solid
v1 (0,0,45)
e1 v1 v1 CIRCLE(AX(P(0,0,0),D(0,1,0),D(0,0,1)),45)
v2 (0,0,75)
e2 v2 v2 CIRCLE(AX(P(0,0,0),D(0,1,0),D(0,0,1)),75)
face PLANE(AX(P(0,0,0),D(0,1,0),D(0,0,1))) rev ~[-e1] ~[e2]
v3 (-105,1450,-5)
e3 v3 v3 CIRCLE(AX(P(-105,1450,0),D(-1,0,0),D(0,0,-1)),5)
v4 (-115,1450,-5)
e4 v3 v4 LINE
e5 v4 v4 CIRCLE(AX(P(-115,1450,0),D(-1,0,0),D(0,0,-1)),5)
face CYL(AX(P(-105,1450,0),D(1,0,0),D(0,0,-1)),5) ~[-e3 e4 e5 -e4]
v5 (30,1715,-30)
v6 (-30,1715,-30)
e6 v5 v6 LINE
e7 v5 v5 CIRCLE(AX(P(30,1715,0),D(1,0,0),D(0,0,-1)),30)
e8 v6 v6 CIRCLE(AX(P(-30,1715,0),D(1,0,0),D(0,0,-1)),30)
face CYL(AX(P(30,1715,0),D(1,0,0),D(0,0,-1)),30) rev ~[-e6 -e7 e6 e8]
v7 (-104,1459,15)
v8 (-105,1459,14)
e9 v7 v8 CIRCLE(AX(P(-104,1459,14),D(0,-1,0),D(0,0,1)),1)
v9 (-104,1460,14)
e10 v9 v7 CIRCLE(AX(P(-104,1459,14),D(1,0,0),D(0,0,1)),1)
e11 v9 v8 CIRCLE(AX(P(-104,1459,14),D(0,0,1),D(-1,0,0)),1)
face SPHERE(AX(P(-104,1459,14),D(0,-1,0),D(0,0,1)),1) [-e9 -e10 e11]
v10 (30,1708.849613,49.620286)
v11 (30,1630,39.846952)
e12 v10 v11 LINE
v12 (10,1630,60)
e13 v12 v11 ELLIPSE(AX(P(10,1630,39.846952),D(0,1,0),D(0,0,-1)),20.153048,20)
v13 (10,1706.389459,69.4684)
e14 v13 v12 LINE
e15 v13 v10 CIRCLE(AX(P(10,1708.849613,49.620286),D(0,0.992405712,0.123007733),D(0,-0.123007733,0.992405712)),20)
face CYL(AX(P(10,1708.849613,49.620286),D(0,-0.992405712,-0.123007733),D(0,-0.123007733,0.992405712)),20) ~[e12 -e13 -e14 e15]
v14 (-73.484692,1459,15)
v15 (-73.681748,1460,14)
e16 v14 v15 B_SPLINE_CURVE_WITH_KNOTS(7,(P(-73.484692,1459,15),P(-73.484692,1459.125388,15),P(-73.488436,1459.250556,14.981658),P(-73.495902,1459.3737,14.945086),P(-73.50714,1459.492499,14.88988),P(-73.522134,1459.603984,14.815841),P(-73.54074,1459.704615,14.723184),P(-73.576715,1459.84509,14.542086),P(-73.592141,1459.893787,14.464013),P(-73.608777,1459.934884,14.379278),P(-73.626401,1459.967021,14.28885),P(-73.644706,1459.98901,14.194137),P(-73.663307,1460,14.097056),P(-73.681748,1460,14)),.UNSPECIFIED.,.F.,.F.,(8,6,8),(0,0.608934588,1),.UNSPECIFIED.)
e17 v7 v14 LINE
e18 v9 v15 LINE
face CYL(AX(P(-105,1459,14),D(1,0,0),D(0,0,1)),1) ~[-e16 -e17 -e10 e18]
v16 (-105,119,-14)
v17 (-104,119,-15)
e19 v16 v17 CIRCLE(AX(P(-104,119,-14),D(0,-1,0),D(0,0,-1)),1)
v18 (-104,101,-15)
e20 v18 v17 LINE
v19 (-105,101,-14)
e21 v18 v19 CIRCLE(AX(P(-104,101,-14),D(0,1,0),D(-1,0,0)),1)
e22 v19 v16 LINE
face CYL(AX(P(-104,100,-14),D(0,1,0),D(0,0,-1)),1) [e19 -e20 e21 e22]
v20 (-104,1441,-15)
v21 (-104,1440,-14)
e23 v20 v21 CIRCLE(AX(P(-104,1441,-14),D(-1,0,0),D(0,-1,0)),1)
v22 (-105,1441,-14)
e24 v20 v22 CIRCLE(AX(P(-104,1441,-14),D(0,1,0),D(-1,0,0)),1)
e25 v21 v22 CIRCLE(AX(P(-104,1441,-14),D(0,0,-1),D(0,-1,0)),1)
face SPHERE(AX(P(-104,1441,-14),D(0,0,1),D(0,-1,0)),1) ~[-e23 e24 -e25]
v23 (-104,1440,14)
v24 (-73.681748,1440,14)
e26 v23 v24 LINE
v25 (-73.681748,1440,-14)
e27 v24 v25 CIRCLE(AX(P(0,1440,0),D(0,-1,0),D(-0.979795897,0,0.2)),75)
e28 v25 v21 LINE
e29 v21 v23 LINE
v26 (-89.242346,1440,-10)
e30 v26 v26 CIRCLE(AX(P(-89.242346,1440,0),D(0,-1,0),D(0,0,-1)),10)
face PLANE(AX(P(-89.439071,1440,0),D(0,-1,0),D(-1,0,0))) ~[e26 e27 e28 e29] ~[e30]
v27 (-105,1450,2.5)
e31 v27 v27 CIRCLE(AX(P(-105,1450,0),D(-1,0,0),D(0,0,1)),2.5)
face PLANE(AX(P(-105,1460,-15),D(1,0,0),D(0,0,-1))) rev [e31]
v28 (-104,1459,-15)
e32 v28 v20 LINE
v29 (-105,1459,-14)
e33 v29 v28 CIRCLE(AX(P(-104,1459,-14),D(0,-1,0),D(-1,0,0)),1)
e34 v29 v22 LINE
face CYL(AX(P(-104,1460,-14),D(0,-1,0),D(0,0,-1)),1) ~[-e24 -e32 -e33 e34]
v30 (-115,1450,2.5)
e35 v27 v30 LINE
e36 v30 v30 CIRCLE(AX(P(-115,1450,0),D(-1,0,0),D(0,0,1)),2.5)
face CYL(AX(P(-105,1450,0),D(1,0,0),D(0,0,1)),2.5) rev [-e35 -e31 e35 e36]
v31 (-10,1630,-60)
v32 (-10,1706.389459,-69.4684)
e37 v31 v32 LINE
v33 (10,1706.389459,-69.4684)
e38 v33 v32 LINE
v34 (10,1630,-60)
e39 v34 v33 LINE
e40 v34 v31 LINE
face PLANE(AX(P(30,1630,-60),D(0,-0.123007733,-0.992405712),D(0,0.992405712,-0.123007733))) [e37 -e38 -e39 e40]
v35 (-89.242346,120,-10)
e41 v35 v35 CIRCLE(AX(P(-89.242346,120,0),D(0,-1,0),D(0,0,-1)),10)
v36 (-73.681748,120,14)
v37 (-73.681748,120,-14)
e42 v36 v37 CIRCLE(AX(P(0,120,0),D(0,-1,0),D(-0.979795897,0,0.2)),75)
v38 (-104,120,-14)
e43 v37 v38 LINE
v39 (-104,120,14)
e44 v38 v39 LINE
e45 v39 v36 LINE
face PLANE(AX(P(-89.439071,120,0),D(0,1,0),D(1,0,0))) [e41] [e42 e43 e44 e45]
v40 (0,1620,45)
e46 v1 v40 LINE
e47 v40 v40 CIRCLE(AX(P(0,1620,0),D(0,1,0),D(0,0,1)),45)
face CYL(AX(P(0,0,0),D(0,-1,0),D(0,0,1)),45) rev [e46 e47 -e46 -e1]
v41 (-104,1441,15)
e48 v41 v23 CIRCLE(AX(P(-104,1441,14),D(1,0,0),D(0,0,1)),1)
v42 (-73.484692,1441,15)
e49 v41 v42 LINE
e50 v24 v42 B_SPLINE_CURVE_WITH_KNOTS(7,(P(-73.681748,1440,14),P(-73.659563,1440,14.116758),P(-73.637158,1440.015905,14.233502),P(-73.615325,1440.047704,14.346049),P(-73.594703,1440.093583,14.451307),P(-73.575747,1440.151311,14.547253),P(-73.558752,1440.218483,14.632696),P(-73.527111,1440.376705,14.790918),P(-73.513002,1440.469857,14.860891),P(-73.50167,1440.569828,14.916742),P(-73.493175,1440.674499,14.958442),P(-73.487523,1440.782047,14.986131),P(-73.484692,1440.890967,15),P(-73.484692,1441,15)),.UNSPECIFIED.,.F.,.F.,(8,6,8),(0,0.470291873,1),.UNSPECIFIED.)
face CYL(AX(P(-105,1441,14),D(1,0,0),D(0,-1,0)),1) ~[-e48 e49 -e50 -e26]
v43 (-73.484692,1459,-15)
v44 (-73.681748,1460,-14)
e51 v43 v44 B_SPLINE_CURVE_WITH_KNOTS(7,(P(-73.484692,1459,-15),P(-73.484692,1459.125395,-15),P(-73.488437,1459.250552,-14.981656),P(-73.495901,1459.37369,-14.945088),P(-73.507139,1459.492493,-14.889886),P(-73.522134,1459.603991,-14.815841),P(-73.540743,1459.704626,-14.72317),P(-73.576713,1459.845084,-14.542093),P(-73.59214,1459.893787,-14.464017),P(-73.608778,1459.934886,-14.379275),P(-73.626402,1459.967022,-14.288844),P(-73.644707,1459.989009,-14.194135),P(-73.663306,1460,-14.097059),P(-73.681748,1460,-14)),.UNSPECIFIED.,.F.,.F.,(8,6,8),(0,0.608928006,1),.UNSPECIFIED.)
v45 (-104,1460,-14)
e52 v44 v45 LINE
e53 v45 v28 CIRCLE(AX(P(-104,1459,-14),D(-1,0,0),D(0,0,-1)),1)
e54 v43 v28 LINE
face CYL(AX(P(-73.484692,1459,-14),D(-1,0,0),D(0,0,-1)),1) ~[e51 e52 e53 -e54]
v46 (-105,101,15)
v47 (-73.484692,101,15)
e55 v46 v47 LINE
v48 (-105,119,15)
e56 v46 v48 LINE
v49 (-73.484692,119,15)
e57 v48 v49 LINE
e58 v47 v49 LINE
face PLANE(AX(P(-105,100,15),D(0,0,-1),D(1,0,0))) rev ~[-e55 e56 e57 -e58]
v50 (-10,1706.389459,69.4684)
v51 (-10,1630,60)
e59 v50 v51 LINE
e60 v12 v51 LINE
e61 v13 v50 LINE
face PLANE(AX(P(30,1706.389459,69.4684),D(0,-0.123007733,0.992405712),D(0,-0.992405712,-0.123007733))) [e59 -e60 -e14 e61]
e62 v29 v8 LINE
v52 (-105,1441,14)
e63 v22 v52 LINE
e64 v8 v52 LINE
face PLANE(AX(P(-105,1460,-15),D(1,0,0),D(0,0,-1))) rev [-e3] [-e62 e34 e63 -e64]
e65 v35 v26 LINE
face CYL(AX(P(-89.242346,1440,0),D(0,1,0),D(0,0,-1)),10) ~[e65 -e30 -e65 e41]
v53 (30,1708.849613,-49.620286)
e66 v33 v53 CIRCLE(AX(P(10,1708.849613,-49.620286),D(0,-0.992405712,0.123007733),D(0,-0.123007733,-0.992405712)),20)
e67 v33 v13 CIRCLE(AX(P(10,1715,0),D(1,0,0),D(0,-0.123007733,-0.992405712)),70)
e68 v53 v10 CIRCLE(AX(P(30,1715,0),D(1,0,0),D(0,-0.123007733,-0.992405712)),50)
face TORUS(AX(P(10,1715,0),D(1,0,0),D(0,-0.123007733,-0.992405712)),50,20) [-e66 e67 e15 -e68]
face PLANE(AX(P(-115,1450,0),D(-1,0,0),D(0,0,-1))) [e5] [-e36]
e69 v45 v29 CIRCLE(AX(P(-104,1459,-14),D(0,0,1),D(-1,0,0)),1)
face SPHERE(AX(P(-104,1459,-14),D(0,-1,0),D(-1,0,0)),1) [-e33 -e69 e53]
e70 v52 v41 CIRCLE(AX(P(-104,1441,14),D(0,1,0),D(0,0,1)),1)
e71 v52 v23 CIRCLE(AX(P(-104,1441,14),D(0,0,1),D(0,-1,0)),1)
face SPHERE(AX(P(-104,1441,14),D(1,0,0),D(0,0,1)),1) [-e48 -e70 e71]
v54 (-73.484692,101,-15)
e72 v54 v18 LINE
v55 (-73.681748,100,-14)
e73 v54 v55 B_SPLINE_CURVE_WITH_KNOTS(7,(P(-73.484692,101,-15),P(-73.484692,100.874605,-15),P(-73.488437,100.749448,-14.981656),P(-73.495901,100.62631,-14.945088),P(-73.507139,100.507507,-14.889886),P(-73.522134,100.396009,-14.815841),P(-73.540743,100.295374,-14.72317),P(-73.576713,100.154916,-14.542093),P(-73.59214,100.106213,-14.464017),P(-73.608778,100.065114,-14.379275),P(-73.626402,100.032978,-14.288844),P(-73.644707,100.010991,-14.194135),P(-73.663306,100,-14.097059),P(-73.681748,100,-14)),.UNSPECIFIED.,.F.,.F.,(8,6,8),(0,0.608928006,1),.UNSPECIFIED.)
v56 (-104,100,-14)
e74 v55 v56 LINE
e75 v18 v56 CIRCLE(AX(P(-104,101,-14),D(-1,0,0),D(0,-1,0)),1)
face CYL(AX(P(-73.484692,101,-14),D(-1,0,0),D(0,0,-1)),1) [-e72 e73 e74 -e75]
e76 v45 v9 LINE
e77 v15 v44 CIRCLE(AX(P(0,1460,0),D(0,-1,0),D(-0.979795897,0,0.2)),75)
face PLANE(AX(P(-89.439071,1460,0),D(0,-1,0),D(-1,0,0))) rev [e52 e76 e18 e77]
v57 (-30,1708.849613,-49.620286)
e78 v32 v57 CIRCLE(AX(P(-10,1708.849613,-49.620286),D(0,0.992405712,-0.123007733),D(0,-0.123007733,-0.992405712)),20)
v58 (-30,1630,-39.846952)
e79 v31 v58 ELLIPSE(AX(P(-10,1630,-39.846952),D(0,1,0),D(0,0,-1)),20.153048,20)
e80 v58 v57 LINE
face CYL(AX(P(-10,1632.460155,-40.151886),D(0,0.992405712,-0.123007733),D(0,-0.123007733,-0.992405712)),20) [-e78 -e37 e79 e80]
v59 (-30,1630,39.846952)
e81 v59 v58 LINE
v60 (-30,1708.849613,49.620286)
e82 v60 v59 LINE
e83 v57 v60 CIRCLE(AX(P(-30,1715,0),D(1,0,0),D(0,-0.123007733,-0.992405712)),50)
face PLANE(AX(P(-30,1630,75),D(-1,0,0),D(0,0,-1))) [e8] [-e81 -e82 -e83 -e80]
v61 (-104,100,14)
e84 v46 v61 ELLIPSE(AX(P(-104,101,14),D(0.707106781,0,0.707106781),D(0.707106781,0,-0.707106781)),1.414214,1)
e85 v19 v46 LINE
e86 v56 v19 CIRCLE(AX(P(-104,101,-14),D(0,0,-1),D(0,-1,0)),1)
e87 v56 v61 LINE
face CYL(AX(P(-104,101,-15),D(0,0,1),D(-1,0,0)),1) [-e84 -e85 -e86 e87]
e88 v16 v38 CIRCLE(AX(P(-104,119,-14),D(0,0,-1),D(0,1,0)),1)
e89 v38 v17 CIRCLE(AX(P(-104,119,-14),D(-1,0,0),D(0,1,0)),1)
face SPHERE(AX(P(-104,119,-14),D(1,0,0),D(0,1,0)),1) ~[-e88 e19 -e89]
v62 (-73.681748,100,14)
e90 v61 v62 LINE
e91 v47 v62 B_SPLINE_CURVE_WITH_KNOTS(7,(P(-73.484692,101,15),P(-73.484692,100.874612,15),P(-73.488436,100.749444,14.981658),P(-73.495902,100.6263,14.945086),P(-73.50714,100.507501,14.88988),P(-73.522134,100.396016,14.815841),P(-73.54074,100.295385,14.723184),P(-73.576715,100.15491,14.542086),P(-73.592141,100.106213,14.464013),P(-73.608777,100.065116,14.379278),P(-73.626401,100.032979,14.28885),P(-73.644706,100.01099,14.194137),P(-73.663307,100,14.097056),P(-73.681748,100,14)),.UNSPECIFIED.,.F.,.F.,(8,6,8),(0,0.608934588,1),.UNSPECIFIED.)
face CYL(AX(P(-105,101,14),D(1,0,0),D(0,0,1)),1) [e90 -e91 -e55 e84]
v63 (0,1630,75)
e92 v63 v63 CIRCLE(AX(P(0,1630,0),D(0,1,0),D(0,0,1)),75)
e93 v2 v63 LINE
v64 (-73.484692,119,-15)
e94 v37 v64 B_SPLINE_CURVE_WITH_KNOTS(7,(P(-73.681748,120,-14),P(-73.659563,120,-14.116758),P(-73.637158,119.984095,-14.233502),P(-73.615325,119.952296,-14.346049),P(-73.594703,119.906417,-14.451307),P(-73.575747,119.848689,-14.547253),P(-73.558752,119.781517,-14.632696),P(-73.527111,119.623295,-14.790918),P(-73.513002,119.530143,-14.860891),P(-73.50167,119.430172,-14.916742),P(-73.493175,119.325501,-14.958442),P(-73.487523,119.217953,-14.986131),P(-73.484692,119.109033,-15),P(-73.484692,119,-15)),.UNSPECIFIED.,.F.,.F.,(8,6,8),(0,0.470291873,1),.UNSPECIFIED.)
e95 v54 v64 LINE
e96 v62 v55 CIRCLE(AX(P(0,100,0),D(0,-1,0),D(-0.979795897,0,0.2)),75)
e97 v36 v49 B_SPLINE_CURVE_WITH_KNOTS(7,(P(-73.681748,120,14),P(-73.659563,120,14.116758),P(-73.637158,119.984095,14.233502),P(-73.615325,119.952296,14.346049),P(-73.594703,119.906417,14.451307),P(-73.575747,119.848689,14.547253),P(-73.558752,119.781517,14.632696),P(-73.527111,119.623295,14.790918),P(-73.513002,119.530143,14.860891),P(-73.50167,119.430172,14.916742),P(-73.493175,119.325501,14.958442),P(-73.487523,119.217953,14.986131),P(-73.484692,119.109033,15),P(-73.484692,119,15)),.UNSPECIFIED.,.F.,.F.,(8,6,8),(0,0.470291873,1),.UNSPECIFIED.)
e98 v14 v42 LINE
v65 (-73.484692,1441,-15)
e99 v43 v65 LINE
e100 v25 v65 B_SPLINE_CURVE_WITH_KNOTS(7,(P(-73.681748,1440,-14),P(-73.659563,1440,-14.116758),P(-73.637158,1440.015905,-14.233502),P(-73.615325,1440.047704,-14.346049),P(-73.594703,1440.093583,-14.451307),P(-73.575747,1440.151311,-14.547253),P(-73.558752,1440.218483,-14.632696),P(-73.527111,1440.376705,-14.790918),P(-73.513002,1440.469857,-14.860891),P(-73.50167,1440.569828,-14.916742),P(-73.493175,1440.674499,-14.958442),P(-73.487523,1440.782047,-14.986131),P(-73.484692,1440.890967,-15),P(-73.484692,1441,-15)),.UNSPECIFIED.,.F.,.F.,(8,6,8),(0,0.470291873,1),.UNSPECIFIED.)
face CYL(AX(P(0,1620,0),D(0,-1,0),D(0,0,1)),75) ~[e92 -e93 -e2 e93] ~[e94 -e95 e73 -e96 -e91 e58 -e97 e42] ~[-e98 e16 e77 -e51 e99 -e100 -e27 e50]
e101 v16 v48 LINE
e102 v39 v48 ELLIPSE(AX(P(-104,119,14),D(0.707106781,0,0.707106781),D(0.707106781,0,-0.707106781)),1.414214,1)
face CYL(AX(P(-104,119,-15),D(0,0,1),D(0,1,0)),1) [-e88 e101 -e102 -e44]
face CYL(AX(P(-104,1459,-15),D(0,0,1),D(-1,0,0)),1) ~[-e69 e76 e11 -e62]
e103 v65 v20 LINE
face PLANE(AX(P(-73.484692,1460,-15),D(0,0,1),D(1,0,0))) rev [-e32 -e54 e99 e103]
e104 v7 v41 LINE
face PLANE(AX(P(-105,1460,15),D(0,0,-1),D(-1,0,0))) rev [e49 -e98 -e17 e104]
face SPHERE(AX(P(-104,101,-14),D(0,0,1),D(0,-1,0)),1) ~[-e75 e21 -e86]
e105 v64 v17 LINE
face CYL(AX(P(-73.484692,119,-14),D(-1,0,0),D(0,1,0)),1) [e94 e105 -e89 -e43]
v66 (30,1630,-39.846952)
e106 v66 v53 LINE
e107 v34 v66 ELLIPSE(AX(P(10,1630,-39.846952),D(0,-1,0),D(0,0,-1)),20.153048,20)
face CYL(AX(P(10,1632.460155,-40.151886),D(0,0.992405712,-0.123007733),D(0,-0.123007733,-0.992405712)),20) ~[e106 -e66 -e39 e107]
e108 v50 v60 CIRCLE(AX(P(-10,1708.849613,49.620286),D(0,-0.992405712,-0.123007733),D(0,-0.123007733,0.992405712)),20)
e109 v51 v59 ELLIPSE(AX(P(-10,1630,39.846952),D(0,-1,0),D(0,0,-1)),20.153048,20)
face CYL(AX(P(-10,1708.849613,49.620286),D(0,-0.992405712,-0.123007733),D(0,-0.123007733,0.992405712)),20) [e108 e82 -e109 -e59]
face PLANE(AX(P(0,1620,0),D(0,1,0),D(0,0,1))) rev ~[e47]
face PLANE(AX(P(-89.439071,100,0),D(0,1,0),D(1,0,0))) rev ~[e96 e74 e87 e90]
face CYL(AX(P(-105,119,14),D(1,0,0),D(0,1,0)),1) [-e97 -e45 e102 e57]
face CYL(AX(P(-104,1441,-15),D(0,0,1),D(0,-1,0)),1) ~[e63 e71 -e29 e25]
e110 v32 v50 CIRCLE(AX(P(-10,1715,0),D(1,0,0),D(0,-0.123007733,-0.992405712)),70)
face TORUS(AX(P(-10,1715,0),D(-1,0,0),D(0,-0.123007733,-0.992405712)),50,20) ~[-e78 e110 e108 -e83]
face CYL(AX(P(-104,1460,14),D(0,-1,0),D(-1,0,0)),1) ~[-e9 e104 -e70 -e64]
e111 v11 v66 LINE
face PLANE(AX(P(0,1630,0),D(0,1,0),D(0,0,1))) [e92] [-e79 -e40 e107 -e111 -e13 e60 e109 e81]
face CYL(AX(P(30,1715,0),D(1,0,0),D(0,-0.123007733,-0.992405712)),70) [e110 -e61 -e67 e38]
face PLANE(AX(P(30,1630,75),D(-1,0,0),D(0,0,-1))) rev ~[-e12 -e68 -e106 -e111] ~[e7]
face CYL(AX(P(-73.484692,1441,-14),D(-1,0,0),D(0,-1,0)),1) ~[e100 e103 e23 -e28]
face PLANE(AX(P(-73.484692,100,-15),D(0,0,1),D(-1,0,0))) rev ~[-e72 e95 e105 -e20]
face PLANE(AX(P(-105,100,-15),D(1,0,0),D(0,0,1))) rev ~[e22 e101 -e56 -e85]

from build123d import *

# Parameters (mm, degrees)
SKETCH_1_R          = 75
SKETCH_1_R_2        = 45
EXTRUDE_1_DEPTH     = 1620
SKETCH_2_R          = 75
EXTRUDE_2_DEPTH     = 10
SKETCH_3_W          = 60
SKETCH_3_H          = 150
EXTRUDE_3_DEPTH     = 200
SKETCH_4_R          = 30
CUT_EXTRUDE_1_DEPTH = 1835.543539958
FILLET_1_R          = 20
EXTRUDE_4_DEPTH     = 20
SKETCH_6_R          = 10
EXTRUDE_5_DEPTH     = 660
SKETCH_10_R         = 5
SKETCH_10_R_2       = 2.5
EXTRUDE_6_DEPTH     = 10
FILLET_2_R          = 1


with BuildPart() as part:
    # 草图1 → 凸台-拉伸1 (new body)
    with BuildSketch(Plane(origin=(0, 0, 0), x_dir=(1, 0, 0), z_dir=(0, 1, 0))):
        with Locations(Location((0, 0, 0), (0, 0, 270))):
            Circle(SKETCH_1_R)
        with Locations(Location((0, 0, 0), (0, 0, 270))):
            Circle(SKETCH_1_R_2, mode=Mode.SUBTRACT)
    extrude(amount=EXTRUDE_1_DEPTH)

    # 草图2 → 凸台-拉伸2 (add)
    with BuildSketch(Plane(origin=(0, 1620, 0), x_dir=(1, 0, 0), z_dir=(0, 1, 0))):
        with Locations(Location((0, 0, 0), (0, 0, 270))):
            Circle(SKETCH_2_R)
    extrude(amount=EXTRUDE_2_DEPTH)

    # 草图3 → 凸台-拉伸3 (add)
    with BuildSketch(Plane(origin=(0, 1630, 0), x_dir=(1, 0, 0), z_dir=(0, 1, 0))):
        Rectangle(SKETCH_3_W, SKETCH_3_H)
    extrude(amount=EXTRUDE_3_DEPTH)

    # 草图4 → 切除-拉伸1 (cut, through all)
    with BuildSketch(Plane(origin=(30, 0, 0), x_dir=(0, 0, -1), z_dir=(1, 0, 0))):
        with Locations((0, 1715)):
            Circle(SKETCH_4_R)
        with BuildLine():
            Line((75, 1830), (75, 1630))
            Line((75, 1630), (60, 1630))
            Line((60, 1630), (69.468399859, 1706.389458724))
            ThreePointArc((69.468399859, 1706.389458724), (0, 1785), (-69.468399859, 1706.389458724))
            Line((-69.468399859, 1706.389458724), (-60, 1630))
            Line((-60, 1630), (-75, 1630))
            Line((-75, 1630), (-75, 1830))
            Line((-75, 1830), (75, 1830))
        make_face()
    extrude(amount=-CUT_EXTRUDE_1_DEPTH, mode=Mode.SUBTRACT)

    # 圆角1
    fillet_1_edges = [part.edges().sort_by_distance(p)[0] for p in [
        (-30, 1785, 0),
        (-30, 1668.194729362, 64.734199929),
        (-30, 1668.194729362, -64.734199929),
        (30, 1785, 0),
        (30, 1668.194729362, -64.734199929),
        (30, 1668.194729362, 64.734199929),
    ]]
    fillet(fillet_1_edges, radius=FILLET_1_R)

    # 草图5 → 凸台-拉伸4 (add)
    with BuildSketch(Plane(origin=(0, 100, 0), x_dir=(-1, 0, 0), z_dir=(0, -1, 0))):
        with BuildLine():
            Line((73.484692283, 15), (105, 15))
            Line((105, 15), (105, -15))
            Line((105, -15), (73.484692283, -15))
            ThreePointArc((73.484692283, -15), (75, 0), (73.484692283, 15))
        make_face()
    extrude_4 = extrude(amount=-EXTRUDE_4_DEPTH)

    # 草图6 → 凸台-拉伸5 (add)
    with BuildSketch(Plane(origin=(0, 120, 0), x_dir=(-1, 0, 0), z_dir=(0, -1, 0))):
        with Locations(Location((89.242346142, 0, 0), (0, 0, 90))):
            Circle(SKETCH_6_R)
    extrude_5 = extrude(amount=-EXTRUDE_5_DEPTH)

    # 镜向2: 凸台-拉伸4, 凸台-拉伸5 across plane
    add(extrude_4.mirror(Plane(origin=(-89.242346142, 780, 0), x_dir=(0, 0, 1), z_dir=(0, -1, 0))))
    add(extrude_5.mirror(Plane(origin=(-89.242346142, 780, 0), x_dir=(0, 0, 1), z_dir=(0, -1, 0))))

    # 草图10 → 凸台-拉伸6 (add)
    with BuildSketch(Plane.ZY.offset(105)):
        with Locations(Location((0, 1450, 0), (0, 0, 180))):
            Circle(SKETCH_10_R)
        with Locations((0, 1450)):
            Circle(SKETCH_10_R_2, mode=Mode.SUBTRACT)
    extrude(amount=EXTRUDE_6_DEPTH)

    # 圆角2
    fillet_2_edges = [part.edges().sort_by_distance(p)[0] for p in [
        (-89.242346142, 1440, 15),
        (-105, 1450, 15),
        (-89.242346142, 1460, 15),
        (-105, 1440, 0),
        (-89.242346142, 1440, -15),
        (-105, 1450, -15),
        (-105, 1460, 0),
        (-89.242346142, 1460, -15),
        (-89.242346142, 100, 15),
        (-89.242346142, 120, 15),
        (-105, 100, 0),
        (-89.242346142, 100, -15),
        (-89.242346142, 120, -15),
        (-105, 120, 0),
        (-105, 110, -15),
    ]]
    fillet(fillet_2_edges, radius=FILLET_2_R)


solid = part.part
